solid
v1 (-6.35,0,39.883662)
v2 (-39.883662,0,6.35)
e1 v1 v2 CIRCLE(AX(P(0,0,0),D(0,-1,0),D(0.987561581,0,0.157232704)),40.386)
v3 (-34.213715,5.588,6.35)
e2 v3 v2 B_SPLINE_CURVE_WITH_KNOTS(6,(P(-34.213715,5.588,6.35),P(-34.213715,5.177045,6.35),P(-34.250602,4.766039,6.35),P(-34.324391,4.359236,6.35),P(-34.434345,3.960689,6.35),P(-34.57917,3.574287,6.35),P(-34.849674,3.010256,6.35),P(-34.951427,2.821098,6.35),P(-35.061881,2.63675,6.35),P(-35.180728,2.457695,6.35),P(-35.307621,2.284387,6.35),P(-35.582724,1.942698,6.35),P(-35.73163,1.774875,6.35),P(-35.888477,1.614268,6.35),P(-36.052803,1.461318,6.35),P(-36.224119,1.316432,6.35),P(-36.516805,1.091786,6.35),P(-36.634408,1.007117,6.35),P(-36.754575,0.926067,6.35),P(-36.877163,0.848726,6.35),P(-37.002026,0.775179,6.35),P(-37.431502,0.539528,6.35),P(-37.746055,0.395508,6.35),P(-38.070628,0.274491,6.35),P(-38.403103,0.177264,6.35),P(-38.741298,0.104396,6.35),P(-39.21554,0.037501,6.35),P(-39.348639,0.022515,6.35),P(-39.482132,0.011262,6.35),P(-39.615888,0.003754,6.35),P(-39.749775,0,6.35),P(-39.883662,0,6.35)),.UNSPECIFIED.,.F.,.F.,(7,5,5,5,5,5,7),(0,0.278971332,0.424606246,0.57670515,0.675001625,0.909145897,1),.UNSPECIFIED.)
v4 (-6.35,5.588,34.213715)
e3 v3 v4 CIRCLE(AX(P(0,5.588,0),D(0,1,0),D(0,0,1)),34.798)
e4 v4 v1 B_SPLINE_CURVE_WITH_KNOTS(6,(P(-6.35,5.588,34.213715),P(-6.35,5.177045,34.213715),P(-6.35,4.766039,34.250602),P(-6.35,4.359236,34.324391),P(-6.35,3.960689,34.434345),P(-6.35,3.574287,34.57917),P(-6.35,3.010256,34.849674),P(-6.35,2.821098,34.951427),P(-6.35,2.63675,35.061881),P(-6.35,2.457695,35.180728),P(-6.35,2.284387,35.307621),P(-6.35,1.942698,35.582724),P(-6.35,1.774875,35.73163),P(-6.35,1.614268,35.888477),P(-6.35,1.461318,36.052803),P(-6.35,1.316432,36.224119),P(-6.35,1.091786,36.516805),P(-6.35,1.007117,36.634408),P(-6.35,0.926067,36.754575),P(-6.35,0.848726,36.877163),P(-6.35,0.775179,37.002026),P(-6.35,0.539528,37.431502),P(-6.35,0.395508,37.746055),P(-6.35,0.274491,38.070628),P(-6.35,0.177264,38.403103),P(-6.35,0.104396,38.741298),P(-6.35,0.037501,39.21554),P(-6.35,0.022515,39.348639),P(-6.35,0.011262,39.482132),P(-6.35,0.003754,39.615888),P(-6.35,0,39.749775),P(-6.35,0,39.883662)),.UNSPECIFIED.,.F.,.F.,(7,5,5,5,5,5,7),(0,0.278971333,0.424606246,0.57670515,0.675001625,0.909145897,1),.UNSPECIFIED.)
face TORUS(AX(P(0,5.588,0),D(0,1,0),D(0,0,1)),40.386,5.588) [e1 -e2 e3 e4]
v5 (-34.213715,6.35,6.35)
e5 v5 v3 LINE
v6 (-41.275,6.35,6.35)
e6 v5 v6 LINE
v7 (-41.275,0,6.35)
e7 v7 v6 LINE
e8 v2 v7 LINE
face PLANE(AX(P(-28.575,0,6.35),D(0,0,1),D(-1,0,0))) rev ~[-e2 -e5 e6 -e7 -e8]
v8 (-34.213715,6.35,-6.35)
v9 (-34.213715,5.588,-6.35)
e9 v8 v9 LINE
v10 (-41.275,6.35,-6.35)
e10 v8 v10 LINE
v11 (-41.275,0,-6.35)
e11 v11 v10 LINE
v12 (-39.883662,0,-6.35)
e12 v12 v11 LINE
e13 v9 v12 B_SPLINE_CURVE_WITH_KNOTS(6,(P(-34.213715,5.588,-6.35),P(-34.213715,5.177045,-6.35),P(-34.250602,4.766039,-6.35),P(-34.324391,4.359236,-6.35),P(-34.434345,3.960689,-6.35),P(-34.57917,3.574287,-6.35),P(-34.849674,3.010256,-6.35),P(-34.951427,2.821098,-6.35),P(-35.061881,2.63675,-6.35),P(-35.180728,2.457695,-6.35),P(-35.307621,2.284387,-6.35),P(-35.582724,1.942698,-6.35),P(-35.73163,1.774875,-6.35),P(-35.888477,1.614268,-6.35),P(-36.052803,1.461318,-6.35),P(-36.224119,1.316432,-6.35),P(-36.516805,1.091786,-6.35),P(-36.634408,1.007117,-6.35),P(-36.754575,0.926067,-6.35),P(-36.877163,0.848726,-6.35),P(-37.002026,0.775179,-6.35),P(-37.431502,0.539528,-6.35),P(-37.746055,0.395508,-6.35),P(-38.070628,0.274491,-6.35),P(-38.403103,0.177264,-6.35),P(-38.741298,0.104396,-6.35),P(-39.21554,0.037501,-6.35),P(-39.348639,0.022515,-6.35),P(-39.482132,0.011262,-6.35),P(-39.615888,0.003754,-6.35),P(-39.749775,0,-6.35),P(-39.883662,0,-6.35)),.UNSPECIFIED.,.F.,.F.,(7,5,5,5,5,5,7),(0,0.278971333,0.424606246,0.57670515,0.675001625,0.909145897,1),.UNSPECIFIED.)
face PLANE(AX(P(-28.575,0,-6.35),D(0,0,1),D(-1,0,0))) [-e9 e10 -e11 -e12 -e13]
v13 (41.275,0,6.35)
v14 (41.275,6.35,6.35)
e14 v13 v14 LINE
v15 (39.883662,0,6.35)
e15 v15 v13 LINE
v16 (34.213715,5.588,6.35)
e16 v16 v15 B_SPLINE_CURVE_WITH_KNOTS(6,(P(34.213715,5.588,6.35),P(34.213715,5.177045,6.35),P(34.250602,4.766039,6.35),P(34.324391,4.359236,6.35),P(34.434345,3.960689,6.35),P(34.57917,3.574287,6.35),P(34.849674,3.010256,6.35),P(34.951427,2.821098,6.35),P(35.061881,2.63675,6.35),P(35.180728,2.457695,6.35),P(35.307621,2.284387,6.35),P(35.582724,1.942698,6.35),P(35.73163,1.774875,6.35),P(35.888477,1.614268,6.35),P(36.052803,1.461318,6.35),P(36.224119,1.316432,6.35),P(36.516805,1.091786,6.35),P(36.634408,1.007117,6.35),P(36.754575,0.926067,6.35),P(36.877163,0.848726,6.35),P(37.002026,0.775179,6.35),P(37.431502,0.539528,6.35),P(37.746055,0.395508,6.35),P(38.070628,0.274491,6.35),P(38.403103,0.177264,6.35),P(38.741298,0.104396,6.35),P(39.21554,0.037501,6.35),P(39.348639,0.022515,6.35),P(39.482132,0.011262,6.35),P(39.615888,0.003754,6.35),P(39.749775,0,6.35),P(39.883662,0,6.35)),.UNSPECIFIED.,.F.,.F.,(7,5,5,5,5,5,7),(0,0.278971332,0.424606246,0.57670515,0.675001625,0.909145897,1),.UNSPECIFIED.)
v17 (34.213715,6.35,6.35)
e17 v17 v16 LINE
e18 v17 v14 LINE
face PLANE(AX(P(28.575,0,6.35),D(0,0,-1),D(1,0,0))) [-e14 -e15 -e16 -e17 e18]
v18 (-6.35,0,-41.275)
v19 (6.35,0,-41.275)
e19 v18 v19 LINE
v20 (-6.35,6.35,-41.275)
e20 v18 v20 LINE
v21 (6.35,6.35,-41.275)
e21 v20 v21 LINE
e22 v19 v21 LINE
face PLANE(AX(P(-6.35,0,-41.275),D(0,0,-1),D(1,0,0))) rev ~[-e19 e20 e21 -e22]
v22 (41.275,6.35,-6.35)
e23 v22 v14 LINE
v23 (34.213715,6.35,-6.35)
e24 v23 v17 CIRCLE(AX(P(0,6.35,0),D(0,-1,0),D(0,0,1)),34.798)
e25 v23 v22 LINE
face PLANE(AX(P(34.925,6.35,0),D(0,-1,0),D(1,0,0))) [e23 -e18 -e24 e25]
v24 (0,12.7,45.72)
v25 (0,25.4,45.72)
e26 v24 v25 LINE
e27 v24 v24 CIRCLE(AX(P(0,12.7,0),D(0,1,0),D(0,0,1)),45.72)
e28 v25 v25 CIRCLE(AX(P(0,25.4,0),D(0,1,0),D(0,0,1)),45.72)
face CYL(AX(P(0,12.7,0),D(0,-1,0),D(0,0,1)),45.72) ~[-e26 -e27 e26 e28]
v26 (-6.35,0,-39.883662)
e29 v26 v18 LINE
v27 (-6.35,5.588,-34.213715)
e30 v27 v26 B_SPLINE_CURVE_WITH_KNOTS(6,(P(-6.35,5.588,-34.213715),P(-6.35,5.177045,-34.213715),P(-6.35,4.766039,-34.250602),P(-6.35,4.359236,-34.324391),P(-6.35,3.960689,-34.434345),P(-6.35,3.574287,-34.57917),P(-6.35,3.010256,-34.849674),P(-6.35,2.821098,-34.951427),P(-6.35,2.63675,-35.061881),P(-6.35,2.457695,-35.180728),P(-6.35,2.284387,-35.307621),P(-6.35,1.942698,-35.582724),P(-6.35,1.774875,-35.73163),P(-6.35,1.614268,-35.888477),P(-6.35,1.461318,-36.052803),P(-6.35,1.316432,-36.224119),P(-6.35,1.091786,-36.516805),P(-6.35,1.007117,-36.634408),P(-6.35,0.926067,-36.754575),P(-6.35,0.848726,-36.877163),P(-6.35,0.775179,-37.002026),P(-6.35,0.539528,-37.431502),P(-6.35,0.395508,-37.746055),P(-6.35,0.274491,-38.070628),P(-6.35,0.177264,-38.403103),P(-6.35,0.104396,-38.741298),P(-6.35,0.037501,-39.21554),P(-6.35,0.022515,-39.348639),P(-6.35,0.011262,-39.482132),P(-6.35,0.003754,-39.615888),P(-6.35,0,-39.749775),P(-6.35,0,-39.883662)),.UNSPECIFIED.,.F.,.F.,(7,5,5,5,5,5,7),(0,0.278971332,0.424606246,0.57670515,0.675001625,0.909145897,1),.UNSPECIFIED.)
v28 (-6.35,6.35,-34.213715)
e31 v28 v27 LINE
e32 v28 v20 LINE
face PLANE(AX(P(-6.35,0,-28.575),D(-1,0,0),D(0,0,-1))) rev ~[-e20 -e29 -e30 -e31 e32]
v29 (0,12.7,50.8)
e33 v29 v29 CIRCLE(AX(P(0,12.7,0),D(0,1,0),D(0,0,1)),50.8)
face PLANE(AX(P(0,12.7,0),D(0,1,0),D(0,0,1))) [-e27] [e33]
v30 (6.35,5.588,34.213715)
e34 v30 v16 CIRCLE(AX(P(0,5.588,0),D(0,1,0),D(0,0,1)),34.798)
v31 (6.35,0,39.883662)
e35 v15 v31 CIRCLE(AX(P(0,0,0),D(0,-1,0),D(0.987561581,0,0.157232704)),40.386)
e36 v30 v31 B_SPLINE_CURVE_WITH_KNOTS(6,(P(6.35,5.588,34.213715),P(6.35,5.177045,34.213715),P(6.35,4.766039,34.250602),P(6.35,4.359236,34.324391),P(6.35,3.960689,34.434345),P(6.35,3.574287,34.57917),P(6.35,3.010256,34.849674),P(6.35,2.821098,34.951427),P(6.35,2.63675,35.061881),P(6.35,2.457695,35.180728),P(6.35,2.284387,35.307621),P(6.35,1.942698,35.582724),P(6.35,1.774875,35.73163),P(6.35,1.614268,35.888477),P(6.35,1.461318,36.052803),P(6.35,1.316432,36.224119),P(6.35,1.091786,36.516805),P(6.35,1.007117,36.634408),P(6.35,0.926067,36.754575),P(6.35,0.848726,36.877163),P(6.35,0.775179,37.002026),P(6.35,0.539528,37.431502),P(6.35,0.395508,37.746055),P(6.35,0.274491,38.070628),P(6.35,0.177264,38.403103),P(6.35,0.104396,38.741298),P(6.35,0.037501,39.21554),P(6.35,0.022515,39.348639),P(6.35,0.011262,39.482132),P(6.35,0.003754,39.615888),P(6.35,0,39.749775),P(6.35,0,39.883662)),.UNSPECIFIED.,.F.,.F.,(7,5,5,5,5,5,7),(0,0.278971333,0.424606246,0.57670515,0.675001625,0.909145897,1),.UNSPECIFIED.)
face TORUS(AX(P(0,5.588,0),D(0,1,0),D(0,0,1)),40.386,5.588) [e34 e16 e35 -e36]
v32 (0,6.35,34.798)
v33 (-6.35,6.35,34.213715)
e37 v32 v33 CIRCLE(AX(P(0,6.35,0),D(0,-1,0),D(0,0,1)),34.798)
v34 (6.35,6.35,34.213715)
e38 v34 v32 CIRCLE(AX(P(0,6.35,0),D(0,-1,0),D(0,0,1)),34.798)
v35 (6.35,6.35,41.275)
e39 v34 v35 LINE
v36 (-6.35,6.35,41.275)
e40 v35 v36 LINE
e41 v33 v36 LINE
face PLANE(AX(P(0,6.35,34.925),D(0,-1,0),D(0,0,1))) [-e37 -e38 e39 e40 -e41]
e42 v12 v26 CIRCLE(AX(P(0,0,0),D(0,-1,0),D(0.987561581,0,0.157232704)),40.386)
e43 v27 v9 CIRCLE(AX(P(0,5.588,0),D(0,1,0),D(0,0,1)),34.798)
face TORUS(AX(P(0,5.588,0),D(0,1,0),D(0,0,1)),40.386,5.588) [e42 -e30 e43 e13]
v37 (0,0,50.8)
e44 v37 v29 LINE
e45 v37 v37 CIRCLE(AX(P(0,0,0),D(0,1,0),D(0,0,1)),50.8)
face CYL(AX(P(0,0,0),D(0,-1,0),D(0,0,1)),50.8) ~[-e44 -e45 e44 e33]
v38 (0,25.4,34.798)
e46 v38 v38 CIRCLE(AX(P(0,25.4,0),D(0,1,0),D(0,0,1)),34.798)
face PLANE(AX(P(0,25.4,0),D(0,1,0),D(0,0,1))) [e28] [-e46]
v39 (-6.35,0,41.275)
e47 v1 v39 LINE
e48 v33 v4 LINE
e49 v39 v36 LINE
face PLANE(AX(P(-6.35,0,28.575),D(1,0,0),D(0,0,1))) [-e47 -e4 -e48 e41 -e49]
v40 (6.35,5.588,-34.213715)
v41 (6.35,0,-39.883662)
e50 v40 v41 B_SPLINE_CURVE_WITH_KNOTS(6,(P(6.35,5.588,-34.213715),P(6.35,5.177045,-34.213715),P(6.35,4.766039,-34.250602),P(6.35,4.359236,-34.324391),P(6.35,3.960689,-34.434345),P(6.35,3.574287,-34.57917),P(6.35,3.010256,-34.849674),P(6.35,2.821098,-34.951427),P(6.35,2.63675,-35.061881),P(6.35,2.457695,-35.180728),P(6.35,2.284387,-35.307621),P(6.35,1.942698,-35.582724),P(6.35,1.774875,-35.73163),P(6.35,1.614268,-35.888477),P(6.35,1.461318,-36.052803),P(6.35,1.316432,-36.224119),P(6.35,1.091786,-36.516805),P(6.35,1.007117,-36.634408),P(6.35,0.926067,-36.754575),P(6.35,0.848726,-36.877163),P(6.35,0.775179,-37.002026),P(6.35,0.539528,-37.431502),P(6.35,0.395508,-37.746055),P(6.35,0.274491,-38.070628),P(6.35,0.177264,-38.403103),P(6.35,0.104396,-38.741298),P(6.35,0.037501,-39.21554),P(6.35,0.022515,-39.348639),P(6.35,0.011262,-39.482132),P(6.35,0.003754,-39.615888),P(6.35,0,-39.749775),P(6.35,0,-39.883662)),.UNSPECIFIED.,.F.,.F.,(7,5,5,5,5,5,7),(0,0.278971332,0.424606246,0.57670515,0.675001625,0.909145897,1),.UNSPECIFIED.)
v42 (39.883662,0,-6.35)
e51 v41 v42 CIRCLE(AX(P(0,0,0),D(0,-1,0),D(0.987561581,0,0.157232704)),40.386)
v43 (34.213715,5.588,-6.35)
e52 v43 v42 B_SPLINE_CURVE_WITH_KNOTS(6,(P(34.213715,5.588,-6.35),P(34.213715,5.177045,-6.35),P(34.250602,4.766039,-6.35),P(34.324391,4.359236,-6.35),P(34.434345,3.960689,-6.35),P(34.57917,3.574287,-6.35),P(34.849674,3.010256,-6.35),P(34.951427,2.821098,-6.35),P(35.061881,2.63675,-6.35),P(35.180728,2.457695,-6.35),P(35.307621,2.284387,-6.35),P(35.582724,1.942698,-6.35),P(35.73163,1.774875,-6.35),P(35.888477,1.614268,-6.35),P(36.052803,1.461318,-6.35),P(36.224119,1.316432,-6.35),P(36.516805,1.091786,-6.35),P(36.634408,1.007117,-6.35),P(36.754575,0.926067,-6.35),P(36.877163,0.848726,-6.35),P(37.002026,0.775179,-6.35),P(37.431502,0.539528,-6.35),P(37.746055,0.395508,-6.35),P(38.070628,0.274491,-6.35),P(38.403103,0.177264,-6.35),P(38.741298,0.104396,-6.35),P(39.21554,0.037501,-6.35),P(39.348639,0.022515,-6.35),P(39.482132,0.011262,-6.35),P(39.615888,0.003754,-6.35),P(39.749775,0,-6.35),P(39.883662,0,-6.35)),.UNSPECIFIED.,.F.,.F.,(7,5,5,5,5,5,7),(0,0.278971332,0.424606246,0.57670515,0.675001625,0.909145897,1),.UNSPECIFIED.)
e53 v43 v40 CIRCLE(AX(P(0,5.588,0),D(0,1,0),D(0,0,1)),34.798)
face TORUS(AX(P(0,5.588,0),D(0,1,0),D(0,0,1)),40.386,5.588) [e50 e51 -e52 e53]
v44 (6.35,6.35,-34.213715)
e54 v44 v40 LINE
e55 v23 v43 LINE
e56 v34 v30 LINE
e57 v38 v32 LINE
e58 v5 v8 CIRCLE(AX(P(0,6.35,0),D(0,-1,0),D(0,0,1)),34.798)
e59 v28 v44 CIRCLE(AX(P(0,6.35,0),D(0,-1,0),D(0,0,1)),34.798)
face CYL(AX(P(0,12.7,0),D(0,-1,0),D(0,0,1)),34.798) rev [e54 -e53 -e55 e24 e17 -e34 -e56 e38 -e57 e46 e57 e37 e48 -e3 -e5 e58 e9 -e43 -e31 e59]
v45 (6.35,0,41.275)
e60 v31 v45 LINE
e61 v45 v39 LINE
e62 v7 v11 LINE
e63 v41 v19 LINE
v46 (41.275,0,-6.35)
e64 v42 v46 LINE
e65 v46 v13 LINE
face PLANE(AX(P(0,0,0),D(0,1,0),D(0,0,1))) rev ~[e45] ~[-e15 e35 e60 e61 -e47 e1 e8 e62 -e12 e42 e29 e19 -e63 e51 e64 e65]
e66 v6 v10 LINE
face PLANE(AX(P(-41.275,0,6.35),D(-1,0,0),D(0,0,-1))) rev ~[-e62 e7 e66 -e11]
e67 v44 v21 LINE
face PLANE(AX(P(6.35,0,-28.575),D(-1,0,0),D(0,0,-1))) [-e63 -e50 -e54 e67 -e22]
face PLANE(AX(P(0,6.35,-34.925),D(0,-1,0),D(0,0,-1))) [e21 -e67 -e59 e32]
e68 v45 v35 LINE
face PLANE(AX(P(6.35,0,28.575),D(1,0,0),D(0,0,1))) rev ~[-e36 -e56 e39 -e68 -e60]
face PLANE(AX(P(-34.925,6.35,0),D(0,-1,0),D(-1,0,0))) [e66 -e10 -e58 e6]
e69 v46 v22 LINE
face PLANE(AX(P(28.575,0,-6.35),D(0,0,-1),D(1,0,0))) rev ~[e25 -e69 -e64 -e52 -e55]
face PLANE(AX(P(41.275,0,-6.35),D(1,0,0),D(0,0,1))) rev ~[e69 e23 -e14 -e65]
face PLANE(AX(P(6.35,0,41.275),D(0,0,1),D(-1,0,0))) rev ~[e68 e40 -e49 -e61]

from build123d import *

# Parameters (mm, degrees)
SKETCH1_R           = 50.8
SKETCH1_R_2         = 34.798
BOSS_EXTRUDE1_DEPTH = 12.7
SKETCH2_R           = 45.72
SKETCH2_R_2         = 34.798
BOSS_EXTRUDE2_DEPTH = 12.7
FILLET1_R           = 5.588
SKETCH3_W           = 12.7
SKETCH3_H           = 12.7
CUT_EXTRUDE1_DEPTH  = 6.35
CIRPATTERN1_COUNT   = 4


with BuildPart() as part:
    # Sketch1 → Boss-Extrude1 (new body)
    with BuildSketch(Plane(origin=(0, 0, 0), x_dir=(1, 0, 0), z_dir=(0, 1, 0))):
        with Locations(Location((0, 0, 0), (0, 0, 270))):
            Circle(SKETCH1_R)
        with Locations(Location((0, 0, 0), (0, 0, 270))):
            Circle(SKETCH1_R_2, mode=Mode.SUBTRACT)
    extrude(amount=BOSS_EXTRUDE1_DEPTH)

    # Sketch2 → Boss-Extrude2 (add)
    with BuildSketch(Plane(origin=(0, 12.7, 0), x_dir=(1, 0, 0), z_dir=(0, 1, 0))):
        with Locations(Location((0, 0, 0), (0, 0, 270))):
            Circle(SKETCH2_R)
        with Locations(Location((0, 0, 0), (0, 0, 270))):
            Circle(SKETCH2_R_2, mode=Mode.SUBTRACT)
    extrude(amount=BOSS_EXTRUDE2_DEPTH)

    # Fillet1
    fillet1_edges = [part.edges().sort_by_distance(p)[0] for p in [
        (0, 0, -34.798),
    ]]
    fillet(fillet1_edges, radius=FILLET1_R)

    # Sketch3 → Cut-Extrude1 (cut)
    with BuildSketch(Plane.XZ):
        with Locations((34.925, 0)):
            Rectangle(SKETCH3_W, SKETCH3_H)
    cut_extrude1 = extrude(amount=-CUT_EXTRUDE1_DEPTH, mode=Mode.SUBTRACT)

    # CirPattern1: Cut-Extrude1 ×4 about axis
    cirpattern1_axis = Axis((0, 0, 0), (0, 1, 0))
    for i in range(1, CIRPATTERN1_COUNT):
        add(cut_extrude1.rotate(cirpattern1_axis, i * 360 / CIRPATTERN1_COUNT), mode=Mode.SUBTRACT)


solid = part.part
